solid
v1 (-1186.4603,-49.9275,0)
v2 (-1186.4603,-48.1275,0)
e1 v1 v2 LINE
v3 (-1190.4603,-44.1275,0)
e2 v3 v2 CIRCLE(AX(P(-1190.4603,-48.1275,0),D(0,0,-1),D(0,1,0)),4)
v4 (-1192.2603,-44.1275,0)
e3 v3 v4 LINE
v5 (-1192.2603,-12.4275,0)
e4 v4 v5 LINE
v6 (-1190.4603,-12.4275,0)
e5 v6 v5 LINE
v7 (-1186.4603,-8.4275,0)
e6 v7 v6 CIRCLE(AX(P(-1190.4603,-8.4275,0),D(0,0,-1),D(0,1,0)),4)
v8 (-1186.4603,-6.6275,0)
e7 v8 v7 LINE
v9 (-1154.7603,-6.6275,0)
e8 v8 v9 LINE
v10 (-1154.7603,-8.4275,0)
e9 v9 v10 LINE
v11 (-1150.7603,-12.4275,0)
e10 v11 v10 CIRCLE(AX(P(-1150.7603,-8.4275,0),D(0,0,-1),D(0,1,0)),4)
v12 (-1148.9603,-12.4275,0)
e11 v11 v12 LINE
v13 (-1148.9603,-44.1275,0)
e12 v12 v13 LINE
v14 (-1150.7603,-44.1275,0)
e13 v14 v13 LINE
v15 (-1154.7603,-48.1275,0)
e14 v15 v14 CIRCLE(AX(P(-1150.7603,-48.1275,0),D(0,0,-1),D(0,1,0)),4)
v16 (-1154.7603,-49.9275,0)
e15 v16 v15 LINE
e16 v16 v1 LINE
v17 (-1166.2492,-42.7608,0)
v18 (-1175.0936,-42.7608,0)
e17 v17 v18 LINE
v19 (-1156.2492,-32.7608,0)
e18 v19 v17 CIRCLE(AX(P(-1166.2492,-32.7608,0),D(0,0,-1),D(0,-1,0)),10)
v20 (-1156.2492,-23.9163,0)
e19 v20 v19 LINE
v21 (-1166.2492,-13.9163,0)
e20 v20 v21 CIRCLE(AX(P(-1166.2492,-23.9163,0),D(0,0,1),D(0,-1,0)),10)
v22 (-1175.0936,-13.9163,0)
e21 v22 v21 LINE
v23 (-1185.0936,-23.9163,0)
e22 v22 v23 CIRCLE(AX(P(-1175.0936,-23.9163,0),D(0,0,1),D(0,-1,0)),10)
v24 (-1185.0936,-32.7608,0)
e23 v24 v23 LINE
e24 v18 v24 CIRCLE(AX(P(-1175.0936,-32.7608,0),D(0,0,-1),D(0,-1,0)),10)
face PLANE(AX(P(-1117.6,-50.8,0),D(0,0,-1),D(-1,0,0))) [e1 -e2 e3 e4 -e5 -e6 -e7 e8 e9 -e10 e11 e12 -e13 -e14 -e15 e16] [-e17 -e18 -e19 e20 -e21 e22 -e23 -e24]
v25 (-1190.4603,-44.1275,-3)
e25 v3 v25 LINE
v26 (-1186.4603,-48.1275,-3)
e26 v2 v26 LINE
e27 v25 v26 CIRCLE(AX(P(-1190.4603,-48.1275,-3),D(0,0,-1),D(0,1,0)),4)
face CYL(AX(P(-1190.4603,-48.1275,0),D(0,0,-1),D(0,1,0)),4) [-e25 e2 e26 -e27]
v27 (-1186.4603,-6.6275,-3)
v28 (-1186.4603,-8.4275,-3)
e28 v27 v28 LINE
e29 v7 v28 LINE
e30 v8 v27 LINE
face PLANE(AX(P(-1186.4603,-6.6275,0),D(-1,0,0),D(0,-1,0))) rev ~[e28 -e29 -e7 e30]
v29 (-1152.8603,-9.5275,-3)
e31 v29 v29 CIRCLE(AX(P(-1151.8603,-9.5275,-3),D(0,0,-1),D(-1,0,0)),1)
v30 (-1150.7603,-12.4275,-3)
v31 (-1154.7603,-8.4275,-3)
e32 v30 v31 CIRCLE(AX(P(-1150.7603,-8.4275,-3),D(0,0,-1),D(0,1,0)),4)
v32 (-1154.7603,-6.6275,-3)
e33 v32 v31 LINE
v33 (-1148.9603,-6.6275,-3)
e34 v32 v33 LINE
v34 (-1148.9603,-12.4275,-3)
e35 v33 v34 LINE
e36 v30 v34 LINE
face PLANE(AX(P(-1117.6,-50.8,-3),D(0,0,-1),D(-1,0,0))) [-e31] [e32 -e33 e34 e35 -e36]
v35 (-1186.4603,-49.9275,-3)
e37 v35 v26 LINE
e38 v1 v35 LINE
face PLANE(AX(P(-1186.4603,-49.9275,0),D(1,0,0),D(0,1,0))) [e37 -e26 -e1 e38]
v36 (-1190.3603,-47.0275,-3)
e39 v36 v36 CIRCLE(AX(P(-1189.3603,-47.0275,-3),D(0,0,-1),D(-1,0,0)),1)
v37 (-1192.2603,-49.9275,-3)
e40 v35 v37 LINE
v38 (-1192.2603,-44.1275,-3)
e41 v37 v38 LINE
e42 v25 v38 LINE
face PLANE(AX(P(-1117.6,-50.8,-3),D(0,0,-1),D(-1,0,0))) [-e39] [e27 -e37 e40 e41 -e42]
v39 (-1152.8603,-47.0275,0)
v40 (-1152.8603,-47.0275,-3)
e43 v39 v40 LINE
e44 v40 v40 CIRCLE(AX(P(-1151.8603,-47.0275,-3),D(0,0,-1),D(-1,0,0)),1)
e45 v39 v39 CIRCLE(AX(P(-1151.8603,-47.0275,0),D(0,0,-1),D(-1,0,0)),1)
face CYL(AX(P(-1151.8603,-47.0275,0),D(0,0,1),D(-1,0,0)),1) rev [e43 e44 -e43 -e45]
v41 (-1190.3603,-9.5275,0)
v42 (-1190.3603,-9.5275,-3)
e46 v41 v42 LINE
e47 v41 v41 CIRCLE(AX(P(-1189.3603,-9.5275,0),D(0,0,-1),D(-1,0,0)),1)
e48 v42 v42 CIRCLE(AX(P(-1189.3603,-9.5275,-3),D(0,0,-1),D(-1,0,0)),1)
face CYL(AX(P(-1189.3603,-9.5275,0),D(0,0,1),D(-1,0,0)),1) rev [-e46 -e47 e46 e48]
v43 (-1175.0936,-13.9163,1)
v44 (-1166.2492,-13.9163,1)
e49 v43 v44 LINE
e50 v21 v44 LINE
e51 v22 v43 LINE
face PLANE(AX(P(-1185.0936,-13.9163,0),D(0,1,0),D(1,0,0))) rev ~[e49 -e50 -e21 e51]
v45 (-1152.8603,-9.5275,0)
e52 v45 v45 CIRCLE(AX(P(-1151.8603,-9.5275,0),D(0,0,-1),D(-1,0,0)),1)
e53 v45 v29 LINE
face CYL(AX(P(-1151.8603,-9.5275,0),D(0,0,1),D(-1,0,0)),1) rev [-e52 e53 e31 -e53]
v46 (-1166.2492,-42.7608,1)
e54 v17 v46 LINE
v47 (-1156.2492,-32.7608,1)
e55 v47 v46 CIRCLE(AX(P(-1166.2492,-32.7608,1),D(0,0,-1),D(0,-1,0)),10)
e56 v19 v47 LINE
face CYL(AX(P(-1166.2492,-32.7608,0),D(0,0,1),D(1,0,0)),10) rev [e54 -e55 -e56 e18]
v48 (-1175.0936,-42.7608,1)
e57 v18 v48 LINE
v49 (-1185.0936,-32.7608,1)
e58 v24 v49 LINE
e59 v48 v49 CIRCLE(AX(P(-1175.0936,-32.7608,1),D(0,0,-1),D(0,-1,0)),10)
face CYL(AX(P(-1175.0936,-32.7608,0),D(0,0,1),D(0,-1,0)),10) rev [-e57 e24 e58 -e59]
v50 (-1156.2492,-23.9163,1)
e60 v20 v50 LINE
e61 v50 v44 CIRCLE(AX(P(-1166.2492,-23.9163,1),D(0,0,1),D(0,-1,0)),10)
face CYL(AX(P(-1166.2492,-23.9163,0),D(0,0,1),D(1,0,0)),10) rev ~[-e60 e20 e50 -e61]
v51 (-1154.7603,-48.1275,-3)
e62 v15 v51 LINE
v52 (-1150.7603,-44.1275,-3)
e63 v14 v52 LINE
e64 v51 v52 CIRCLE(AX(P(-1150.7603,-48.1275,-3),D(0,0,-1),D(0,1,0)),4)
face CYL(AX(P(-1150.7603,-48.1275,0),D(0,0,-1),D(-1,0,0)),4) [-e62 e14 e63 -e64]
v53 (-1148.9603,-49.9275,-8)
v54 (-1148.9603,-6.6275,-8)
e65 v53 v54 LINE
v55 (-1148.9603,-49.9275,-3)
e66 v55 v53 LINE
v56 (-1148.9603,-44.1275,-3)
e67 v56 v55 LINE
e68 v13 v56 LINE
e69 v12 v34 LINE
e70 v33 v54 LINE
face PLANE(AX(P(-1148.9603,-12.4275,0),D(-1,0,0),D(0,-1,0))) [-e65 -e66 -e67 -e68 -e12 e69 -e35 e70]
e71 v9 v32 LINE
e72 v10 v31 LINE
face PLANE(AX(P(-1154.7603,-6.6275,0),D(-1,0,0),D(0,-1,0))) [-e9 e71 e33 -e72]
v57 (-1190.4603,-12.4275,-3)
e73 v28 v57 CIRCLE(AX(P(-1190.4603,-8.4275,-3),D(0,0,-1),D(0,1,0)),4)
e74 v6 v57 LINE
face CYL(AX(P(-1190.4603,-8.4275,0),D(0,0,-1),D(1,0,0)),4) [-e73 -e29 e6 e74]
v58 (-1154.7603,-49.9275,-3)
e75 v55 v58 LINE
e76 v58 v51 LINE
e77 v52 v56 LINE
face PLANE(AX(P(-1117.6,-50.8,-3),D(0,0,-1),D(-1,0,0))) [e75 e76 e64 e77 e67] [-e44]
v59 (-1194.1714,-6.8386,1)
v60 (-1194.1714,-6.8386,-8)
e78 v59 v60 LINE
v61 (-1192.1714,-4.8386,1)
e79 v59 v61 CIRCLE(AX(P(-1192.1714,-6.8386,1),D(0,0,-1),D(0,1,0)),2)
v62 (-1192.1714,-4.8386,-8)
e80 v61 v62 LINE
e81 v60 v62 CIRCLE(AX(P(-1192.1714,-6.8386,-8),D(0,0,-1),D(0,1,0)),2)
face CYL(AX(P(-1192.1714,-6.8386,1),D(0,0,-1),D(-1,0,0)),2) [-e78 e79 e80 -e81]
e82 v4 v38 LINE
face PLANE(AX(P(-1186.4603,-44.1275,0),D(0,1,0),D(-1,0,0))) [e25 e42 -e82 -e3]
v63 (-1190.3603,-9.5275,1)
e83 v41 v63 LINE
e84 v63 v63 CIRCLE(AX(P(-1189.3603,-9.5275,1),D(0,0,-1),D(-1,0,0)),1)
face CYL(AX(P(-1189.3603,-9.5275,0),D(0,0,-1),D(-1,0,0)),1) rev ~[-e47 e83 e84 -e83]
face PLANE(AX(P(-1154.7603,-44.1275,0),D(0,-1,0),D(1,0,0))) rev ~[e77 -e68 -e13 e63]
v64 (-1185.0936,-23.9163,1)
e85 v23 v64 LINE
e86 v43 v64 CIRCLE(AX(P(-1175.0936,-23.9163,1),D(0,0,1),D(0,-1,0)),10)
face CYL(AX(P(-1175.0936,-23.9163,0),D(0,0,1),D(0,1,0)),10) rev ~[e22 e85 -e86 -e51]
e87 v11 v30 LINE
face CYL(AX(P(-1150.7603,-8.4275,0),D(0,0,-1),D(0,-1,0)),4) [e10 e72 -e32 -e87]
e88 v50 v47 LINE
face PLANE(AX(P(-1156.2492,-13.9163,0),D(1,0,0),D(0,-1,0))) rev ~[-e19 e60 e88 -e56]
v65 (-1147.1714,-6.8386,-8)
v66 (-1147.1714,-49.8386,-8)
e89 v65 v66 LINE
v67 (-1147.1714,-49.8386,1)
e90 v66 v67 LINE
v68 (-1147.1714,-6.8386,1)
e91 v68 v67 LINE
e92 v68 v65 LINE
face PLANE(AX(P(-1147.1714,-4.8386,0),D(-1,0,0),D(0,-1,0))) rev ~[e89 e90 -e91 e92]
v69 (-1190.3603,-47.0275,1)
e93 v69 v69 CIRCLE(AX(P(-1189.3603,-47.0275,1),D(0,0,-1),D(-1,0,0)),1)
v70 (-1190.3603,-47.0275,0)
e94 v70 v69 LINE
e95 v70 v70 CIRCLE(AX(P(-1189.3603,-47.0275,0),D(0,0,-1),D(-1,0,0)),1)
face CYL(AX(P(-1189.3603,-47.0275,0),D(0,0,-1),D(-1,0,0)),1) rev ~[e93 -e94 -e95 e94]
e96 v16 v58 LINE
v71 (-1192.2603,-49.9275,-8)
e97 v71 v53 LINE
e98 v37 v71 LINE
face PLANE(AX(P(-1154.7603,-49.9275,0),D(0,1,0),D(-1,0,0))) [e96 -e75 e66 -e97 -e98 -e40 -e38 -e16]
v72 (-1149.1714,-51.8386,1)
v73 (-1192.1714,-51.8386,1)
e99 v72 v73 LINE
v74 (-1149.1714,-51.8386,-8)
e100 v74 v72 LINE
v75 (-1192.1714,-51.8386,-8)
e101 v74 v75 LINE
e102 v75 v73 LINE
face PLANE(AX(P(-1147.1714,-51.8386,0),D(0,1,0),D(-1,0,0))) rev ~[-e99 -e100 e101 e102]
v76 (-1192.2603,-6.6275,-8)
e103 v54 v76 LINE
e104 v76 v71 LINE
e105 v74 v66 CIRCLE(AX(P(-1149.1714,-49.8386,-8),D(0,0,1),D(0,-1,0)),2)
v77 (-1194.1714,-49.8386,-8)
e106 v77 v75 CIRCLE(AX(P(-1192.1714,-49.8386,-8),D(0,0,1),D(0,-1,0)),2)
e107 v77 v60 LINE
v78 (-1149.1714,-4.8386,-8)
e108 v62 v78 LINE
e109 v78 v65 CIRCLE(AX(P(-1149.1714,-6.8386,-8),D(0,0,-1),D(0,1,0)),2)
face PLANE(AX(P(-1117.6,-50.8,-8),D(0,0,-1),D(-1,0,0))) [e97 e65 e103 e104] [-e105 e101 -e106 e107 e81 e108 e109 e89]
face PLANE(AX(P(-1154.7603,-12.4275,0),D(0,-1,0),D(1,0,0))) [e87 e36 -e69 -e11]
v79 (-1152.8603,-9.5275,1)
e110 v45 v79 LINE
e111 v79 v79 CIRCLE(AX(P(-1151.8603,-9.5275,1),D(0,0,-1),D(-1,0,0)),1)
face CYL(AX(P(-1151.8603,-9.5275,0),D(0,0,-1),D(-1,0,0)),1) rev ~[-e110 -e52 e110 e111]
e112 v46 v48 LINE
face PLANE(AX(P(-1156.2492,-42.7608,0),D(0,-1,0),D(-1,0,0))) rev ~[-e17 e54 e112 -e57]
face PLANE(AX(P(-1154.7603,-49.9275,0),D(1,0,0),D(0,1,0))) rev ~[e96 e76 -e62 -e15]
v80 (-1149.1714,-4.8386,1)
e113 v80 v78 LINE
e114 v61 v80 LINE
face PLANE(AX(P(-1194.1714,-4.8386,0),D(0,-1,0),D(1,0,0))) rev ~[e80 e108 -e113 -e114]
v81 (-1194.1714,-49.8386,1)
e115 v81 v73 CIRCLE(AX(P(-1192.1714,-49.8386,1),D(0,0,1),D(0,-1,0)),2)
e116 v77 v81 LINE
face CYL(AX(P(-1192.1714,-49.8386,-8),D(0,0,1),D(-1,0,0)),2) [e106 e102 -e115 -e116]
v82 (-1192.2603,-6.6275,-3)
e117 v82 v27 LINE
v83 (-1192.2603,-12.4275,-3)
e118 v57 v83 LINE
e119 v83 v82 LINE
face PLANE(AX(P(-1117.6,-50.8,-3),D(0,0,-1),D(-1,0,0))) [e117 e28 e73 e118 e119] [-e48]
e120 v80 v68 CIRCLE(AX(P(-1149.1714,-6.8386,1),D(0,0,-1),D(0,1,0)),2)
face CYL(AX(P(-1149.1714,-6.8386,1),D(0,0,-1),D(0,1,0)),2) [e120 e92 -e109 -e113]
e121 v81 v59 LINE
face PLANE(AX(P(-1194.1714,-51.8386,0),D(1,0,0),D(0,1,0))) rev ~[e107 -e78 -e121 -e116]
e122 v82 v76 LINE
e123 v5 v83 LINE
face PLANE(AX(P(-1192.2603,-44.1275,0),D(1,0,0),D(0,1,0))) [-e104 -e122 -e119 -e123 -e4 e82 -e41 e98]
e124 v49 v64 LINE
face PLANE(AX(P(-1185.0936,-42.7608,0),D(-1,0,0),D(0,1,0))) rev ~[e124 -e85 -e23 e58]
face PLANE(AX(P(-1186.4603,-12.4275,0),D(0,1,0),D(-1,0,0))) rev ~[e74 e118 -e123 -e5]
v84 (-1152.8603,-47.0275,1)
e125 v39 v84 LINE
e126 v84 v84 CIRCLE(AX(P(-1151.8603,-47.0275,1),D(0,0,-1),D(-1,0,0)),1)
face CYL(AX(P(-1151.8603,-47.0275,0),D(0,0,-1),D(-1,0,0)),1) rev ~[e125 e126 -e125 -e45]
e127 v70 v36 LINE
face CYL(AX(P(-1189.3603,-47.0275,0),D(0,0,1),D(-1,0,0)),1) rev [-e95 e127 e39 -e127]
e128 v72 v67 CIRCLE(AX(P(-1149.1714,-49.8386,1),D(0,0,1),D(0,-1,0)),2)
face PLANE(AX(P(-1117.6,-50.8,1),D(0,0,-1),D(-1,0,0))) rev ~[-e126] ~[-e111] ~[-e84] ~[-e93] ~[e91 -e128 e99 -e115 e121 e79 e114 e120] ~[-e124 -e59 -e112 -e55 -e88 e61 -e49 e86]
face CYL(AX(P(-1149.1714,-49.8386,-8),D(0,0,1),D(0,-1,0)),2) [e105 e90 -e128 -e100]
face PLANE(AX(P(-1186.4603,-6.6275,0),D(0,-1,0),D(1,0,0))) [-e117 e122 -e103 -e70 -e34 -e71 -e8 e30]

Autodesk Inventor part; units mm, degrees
ref_plane "YZ Plane" through (0, 0, 0) normal (1, 0, 0) x (0, 1, 0)
ref_plane "XZ Plane" through (0, 0, 0) normal (0, 1, 0) x (-1, 0, 0)
ref_plane "XY Plane" through (0, 0, 0) normal (0, 0, 1) x (1, 0, 0)
ref_plane "Work Plane3" through (-1117.6, -50.8, 0) normal (0, 0, -1) x (-1, 0, 0)
sketch "Sketch1" plane through (-1117.6, -50.8, 0) normal (0, 0, -1) x (-1, 0, 0)
  line L0 (76.5714, 45.9614) -> (29.5714, 45.9614)
  line L1 (29.5714, 45.9614) -> (29.5714, -1.0386)
  line L2 (29.5714, -1.0386) -> (76.5714, -1.0386)
  line L3 (76.5714, -1.0386) -> (76.5714, 45.9614)
  circle A0 centre (71.7603, 41.2725) radius 1
  line L4 (74.6603, 44.1725) -> (31.3603, 44.1725)
  line L5 (31.3603, 44.1725) -> (31.3603, 0.8725)
  line L6 (31.3603, 0.8725) -> (74.6603, 0.8725)
  line L7 (74.6603, 0.8725) -> (74.6603, 44.1725)
  circle A1 centre (34.2603, 41.2725) radius 1
  circle A2 centre (34.2603, 3.7725) radius 1
  circle A3 centre (71.7603, 3.7725) radius 1
  line L8 (38.6492, 8.0392) -> (67.4936, 8.0392)
  line L9 (67.4936, 8.0392) -> (67.4936, 36.8837)
  line L10 (67.4936, 36.8837) -> (38.6492, 36.8837)
  line L11 (38.6492, 36.8837) -> (38.6492, 8.0392)
  line L12 (74.6603, 0.8725) -> (68.8603, 0.8725)
  line L13 (68.8603, 0.8725) -> (68.8603, 6.6725)
  line L14 (68.8603, 6.6725) -> (74.6603, 6.6725)
  line L15 (74.6603, 6.6725) -> (74.6603, 0.8725)
  line L16 (31.3603, 0.8725) -> (37.1603, 0.8725)
  line L17 (37.1603, 0.8725) -> (37.1603, 6.6725)
  line L18 (37.1603, 6.6725) -> (31.3603, 6.6725)
  line L19 (31.3603, 6.6725) -> (31.3603, 0.8725)
  line L20 (31.3603, 44.1725) -> (37.1603, 44.1725)
  line L21 (37.1603, 44.1725) -> (37.1603, 38.3725)
  line L22 (37.1603, 38.3725) -> (31.3603, 38.3725)
  line L23 (31.3603, 38.3725) -> (31.3603, 44.1725)
  line L24 (74.6603, 44.1725) -> (68.8603, 44.1725)
  line L25 (68.8603, 44.1725) -> (68.8603, 38.3725)
  line L26 (68.8603, 38.3725) -> (74.6603, 38.3725)
  line L27 (74.6603, 38.3725) -> (74.6603, 44.1725)
  point P0 (-1117.6, 50.8)
  point P1 (53.0714, 45.9614)
  point P2 (53.0714, -1.0386)
  point P3 (31.3603, 3.7725)
  point P4 (34.2603, 44.1725)
  point P5 (31.3603, 6.6725)
  point P6 (37.1603, 0.8725)
  point P7 (74.6603, 6.6725)
  point P8 (68.8603, 0.8725)
  point P9 (74.6603, 38.3725)
  point P10 (68.8603, 44.1725)
  point P11 (31.3603, 38.3725)
  point P12 (37.1603, 44.1725)
  dimension "d1" = 47
  dimension "d2" = 47
  dimension "d4" = 2
  dimension "d6" = 1.9111
  dimension "d7" = 1.9111
  dimension "d8" = 43.3
  dimension "d9" = 43.3
  dimension "d10" = 2
  dimension "d14" = 2
  dimension "d17" = 2
  dimension "d24" = 9.0778
  dimension "d25" = 9.0778
  dimension "d26" = 9.0778
  dimension "d27" = 9.0778
  dimension "d61" = 5.8
  dimension "d62" = 5.8
  dimension "d63" = 5.8
  dimension "d64" = 5.8
  dimension "d65" = 5.8
  dimension "d66" = 5.8
  dimension "d67" = 5.8
  dimension "d68" = 5.8
  dimension "d69" = 37.5
  dimension "d70" = 37.5
  dimension "d71" = 37.5
  dimension "d72" = 37.5
  dimension "d73" = 2.9
  dimension "d74" = 2.9
extrude "Extrusion3" add sketch "Sketch1" along normal blind 8 contours L3 L2 L1 L0
extrude "Extrusion7" add sketch "Sketch1" along normal blind 3 contours L7 L26 L25 L4 | L21 L22 L5 L4 | L7 L6 L13 L14 | L18 L17 L6 L5
extrude "Extrusion8" add sketch "Sketch1" against normal blind 1 contours L3 L2 L1 L0 | A0 | L7 L26 L25 L4 | L25 L26 L7 L14 L13 L6 L17 L18 L5 L22 L21 L4 | L21 L22 L5 L4 | L7 L6 L13 L14 | L18 L17 L6 L5 | A1 | A2 | A3
extrude "Extrusion6" cut sketch "Sketch1" along normal mid plane 10 contours A0 | A1 | A2 | A3
fillet "Fillet5" radius 10 4 edges at (-1156.2492, -13.9163, 0.5) (-1185.0936, -13.9163, 0.5) (-1185.0936, -42.7608, 0.5) (-1156.2492, -42.7608, 0.5)
fillet "Fillet6" radius 2 4 edges at (-1194.1714, -4.8386, -3.5) (-1147.1714, -4.8386, -3.5) (-1194.1714, -51.8386, -3.5) (-1147.1714, -51.8386, -3.5)
fillet "Fillet7" radius 4 4 edges at (-1154.7603, -12.4275, -1.5) (-1186.4603, -12.4275, -1.5) (-1186.4603, -44.1275, -1.5) (-1154.7603, -44.1275, -1.5)
equation "\"d10\" = d4"
equation "\"d14\" = d4"
equation "\"d17\" = d4"
equation "\"d61\" = 2 * d73"
equation "\"d73\" = -0.5 * d72 + 0.5 * d8"
properties part number "bracket"
